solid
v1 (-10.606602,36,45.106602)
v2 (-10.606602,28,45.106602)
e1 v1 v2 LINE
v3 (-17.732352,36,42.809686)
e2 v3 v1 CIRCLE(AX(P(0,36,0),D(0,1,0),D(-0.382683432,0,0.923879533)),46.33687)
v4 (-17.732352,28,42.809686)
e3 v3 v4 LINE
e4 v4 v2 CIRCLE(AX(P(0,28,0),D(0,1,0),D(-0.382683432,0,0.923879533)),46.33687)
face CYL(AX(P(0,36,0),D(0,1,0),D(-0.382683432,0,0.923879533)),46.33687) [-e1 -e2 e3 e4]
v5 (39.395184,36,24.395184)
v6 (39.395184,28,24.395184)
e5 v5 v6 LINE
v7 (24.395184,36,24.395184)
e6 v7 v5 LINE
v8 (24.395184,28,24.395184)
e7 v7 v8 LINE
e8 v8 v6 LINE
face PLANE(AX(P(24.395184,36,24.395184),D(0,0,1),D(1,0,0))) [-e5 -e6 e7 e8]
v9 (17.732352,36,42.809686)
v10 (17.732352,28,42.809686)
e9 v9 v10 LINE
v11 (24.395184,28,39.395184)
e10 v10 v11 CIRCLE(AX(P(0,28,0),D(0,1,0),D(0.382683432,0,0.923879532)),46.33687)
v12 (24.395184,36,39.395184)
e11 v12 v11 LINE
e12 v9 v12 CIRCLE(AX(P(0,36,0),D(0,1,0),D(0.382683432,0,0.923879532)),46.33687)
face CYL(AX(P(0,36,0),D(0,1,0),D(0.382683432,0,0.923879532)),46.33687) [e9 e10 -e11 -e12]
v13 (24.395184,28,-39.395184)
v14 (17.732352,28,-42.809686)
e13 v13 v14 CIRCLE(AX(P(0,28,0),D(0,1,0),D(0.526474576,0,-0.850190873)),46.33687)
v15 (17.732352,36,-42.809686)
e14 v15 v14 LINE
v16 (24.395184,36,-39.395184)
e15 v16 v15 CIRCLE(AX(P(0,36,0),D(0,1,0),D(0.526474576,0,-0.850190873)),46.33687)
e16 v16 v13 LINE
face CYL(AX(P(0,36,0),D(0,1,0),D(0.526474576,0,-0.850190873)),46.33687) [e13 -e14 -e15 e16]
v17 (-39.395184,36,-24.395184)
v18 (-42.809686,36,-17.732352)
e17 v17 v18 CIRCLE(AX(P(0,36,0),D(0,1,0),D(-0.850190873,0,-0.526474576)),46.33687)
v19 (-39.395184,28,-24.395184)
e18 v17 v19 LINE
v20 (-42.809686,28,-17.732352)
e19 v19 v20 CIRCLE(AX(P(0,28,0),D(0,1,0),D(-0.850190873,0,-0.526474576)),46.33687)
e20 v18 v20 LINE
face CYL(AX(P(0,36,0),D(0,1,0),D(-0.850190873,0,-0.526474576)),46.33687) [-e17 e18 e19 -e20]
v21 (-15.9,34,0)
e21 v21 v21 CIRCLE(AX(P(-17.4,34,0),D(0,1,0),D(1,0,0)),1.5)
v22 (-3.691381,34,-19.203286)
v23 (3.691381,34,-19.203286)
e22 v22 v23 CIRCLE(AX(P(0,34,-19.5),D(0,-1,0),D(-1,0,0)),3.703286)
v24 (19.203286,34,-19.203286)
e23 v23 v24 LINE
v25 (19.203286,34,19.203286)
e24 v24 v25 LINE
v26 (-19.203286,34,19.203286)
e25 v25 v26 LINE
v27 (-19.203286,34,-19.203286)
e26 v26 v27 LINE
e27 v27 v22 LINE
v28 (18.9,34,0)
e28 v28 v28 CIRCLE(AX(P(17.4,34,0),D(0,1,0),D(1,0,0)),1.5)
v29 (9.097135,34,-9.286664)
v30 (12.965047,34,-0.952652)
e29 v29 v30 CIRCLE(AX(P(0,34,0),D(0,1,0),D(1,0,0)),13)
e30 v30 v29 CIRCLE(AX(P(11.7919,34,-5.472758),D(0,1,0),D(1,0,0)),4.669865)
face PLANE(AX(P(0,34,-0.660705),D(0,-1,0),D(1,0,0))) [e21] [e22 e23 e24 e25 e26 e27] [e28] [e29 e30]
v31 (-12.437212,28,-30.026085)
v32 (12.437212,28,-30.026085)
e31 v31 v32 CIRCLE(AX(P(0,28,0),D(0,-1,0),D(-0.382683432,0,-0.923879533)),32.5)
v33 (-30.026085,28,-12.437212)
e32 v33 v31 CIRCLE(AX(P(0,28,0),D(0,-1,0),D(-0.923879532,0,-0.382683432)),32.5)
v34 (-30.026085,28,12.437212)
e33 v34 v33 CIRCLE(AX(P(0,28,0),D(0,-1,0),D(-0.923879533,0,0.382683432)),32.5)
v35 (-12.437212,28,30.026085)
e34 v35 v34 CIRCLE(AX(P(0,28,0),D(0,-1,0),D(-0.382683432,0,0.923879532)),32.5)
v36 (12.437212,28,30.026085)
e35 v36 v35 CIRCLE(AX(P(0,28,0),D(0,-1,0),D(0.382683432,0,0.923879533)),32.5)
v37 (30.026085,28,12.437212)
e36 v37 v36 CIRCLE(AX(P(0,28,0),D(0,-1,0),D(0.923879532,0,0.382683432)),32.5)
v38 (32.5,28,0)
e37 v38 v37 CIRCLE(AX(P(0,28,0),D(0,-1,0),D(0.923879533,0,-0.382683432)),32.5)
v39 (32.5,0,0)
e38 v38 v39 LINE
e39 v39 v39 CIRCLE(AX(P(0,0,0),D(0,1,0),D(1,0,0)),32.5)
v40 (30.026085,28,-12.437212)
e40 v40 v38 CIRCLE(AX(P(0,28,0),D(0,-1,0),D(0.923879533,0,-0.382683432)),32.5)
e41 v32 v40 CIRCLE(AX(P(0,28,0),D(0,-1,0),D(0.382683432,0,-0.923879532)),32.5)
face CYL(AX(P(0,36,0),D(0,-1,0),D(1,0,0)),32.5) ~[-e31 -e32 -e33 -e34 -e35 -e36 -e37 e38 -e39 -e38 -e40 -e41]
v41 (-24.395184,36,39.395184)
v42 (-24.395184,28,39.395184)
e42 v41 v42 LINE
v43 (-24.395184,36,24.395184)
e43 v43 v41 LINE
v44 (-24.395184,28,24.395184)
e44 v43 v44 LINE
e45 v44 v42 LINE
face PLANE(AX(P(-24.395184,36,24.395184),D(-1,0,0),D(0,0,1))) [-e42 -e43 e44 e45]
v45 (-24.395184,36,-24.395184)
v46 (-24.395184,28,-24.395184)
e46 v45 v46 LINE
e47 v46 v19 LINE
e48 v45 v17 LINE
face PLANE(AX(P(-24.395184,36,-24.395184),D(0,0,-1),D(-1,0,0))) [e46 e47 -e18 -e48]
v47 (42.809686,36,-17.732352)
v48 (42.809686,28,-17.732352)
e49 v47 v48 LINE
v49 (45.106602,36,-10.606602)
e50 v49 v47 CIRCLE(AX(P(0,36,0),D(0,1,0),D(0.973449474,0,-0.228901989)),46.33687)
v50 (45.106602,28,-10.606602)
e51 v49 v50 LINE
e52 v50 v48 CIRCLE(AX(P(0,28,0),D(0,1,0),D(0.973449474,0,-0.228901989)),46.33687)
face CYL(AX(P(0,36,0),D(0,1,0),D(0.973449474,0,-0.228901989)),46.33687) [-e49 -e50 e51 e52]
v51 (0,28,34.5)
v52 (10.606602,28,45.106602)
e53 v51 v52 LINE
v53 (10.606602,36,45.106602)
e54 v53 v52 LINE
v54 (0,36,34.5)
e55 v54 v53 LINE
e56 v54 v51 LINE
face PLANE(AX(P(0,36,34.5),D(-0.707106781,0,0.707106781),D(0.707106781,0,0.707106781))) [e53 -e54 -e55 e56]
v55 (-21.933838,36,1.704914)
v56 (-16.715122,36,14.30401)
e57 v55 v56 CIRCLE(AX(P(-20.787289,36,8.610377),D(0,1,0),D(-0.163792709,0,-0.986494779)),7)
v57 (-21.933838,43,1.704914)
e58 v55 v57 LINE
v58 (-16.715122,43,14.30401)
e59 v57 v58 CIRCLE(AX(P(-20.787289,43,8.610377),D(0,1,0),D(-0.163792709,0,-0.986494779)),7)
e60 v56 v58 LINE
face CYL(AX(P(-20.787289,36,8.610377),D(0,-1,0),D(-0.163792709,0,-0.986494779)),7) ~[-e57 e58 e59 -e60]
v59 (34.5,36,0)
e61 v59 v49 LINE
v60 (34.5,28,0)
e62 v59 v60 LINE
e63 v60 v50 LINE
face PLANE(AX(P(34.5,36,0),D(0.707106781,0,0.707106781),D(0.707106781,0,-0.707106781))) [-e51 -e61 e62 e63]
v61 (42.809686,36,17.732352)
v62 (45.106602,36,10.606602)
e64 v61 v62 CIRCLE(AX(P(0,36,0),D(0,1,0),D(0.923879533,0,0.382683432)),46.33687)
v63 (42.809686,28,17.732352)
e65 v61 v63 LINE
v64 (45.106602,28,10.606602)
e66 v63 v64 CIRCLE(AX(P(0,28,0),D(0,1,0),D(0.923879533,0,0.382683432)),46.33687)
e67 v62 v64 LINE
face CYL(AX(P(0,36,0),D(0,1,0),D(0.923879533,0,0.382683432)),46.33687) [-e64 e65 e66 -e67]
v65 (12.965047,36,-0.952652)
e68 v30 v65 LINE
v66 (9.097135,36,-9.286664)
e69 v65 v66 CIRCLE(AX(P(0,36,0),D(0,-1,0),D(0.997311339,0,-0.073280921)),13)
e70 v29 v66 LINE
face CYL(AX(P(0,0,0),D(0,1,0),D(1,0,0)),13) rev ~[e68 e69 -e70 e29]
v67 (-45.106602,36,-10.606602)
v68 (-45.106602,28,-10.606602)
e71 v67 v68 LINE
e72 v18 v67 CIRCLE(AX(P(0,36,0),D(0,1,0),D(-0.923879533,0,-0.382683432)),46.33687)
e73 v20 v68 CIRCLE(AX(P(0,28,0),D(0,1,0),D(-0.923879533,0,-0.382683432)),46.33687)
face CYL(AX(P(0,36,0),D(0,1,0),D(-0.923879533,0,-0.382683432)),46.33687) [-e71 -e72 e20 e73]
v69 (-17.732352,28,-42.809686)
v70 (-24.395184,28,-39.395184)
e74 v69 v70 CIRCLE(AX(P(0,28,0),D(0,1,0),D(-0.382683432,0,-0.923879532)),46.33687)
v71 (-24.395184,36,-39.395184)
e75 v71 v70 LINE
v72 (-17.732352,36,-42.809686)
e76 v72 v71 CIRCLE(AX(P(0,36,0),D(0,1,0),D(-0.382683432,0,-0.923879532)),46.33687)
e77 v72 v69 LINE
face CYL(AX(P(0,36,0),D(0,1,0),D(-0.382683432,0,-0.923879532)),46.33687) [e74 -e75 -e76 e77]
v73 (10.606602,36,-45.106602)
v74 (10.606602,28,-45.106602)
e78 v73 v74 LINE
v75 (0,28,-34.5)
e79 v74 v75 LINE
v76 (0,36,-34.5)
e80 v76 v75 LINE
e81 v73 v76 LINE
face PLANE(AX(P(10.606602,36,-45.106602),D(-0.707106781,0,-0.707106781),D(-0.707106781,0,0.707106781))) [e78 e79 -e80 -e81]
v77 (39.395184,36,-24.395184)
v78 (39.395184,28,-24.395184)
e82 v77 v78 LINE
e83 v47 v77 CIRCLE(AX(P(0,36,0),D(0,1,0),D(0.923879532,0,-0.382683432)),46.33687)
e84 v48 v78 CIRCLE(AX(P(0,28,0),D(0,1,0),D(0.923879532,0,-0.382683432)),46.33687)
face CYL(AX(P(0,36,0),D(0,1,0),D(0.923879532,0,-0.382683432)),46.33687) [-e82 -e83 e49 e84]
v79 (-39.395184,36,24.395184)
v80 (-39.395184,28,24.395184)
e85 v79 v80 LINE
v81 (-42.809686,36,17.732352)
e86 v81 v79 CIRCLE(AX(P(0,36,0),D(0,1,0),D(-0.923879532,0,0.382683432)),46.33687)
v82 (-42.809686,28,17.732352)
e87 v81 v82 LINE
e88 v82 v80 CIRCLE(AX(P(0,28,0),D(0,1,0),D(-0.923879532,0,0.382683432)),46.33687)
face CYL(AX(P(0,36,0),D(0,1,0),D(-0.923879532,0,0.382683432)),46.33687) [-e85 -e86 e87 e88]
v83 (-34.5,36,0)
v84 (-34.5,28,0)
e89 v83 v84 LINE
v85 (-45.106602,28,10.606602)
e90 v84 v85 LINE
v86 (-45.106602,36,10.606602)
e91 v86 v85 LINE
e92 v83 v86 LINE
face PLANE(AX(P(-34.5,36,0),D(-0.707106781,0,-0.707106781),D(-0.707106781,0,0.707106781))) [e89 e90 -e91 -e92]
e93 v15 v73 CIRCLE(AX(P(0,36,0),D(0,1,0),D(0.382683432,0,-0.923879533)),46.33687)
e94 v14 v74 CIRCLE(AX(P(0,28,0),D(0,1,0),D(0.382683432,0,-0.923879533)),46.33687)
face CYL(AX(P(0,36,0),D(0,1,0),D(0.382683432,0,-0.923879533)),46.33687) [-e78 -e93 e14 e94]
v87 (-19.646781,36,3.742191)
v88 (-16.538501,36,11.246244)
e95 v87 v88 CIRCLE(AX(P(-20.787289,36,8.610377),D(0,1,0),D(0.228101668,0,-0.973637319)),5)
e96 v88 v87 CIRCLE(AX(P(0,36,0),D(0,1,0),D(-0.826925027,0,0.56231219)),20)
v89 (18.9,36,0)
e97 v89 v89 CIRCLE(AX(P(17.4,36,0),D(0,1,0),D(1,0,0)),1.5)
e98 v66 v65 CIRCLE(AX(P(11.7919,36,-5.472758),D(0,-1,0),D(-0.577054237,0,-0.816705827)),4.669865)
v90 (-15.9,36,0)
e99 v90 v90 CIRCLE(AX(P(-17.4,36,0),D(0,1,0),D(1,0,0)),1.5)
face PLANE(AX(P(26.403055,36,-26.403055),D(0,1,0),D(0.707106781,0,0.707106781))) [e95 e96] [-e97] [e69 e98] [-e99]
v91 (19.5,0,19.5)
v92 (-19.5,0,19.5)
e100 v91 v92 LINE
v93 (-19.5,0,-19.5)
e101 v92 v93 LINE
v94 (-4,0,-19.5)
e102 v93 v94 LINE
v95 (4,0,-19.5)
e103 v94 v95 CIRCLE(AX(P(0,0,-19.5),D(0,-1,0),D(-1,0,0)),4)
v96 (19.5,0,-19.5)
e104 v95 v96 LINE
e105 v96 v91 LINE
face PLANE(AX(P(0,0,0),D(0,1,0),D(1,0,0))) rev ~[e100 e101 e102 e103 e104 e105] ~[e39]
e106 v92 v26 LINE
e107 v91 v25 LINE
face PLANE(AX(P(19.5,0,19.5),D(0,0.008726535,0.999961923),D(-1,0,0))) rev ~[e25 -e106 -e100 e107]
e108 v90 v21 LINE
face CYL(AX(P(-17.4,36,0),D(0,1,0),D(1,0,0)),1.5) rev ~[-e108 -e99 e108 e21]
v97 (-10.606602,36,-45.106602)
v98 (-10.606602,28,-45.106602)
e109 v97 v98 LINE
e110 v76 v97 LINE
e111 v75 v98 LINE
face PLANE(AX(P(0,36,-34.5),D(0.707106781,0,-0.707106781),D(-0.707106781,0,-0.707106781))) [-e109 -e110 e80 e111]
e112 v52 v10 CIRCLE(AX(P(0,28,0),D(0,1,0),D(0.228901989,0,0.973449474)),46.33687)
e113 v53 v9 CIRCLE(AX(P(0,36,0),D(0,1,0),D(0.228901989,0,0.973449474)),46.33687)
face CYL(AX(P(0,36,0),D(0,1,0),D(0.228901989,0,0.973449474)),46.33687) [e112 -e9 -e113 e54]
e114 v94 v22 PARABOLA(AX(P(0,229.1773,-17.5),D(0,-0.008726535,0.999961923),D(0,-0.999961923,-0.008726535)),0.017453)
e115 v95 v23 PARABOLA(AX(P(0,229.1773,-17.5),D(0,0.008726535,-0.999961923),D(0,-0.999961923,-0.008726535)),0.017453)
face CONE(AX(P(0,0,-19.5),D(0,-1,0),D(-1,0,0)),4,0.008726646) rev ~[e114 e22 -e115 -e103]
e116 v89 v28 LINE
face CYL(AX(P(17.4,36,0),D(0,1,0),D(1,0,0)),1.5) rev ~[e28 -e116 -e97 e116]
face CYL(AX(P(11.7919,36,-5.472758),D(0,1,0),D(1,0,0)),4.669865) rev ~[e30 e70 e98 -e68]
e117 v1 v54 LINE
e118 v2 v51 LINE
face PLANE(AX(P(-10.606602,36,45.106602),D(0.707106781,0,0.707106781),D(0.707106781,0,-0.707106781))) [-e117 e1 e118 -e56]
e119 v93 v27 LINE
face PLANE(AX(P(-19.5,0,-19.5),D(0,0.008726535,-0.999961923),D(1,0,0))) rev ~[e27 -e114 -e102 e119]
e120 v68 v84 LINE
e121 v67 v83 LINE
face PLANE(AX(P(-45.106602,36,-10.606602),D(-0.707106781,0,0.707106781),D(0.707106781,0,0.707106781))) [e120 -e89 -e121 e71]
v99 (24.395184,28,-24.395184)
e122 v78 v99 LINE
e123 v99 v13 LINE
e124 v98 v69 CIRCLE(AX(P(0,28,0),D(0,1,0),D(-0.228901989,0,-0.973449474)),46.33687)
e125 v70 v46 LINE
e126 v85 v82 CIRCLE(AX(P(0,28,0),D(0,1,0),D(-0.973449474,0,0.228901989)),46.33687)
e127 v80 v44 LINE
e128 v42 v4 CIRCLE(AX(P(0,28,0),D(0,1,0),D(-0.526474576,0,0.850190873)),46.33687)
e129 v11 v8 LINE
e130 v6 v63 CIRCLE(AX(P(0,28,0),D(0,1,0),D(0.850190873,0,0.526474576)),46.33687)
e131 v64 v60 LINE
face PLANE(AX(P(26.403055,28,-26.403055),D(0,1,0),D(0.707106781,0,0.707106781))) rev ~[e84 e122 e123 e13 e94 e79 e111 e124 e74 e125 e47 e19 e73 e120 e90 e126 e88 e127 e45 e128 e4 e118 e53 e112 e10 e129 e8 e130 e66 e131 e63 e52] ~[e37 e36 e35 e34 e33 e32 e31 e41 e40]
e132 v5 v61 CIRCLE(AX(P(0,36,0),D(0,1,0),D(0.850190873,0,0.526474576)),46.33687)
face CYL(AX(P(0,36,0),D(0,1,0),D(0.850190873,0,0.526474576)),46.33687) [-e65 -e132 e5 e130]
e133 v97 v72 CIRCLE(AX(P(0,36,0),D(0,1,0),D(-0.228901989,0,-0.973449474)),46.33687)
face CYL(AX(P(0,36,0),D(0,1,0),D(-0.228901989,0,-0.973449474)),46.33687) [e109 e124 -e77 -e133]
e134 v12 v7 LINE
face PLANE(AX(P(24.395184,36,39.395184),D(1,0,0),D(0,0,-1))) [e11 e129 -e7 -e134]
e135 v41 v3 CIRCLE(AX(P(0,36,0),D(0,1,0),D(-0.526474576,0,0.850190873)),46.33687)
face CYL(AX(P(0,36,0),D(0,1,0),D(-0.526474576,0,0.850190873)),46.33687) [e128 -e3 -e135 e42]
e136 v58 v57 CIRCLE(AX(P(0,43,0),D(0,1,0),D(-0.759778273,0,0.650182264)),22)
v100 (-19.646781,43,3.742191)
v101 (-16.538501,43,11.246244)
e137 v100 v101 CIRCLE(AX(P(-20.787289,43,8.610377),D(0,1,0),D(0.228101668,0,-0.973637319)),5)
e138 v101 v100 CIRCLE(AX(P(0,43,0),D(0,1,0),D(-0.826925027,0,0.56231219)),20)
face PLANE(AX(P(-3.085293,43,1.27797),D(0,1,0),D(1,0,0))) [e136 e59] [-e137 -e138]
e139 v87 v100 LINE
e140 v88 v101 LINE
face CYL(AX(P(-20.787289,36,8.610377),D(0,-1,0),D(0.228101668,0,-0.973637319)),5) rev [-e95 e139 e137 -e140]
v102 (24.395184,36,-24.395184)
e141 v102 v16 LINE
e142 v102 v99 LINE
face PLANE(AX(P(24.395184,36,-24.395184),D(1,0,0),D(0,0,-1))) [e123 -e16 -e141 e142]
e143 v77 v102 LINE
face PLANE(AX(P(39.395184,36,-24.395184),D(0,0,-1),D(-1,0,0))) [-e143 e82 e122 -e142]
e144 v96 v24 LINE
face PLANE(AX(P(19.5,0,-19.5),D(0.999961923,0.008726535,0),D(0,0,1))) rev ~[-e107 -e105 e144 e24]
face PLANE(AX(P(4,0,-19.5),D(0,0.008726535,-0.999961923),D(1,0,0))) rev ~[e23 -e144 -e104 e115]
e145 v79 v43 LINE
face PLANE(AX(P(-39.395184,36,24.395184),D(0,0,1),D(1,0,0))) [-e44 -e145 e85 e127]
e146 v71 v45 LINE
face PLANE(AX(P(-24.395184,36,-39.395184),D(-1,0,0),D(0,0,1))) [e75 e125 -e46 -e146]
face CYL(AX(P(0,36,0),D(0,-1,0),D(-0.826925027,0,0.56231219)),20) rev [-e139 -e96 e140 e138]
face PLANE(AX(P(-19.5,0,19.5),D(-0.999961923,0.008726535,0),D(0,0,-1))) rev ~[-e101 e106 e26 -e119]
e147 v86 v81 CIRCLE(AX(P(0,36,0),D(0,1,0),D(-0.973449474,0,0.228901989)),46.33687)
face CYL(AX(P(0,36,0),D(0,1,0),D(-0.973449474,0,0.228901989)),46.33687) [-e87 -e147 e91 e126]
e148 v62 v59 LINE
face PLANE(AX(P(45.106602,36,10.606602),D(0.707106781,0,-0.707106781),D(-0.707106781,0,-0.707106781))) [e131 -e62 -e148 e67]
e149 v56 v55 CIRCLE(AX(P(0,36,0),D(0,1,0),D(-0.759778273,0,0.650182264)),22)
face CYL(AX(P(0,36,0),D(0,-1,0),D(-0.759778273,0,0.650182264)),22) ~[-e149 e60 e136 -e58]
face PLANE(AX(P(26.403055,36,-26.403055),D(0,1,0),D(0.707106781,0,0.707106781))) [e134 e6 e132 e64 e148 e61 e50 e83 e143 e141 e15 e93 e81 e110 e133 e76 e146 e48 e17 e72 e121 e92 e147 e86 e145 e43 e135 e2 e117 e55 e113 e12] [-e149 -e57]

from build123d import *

# Parameters (mm, degrees)
SKETCH3_R           = 1.5
CUT_EXTRUDE1_DEPTH  = 20
BOSS_EXTRUDE2_START = 36
BOSS_EXTRUDE2_DEPTH = 8
CIRPATTERN1_COUNT   = 8
SKETCH5_R           = 4.669864721
CUT_EXTRUDE2_DEPTH  = 37
CUT_EXTRUDE4_DEPTH  = 34
CUT_EXTRUDE4_DRAFT  = -0.5
BOSS_EXTRUDE3_DEPTH = 7


with BuildPart() as part:
    # Sketch2 → Revolve1 (revolve)
    with BuildSketch(Plane.XY):
        Polygon((13, 0), (13, 36), (22.5, 36), (32.5, 36), (32.5, 0), align=None)
    revolve(axis=Axis((0, 0, 0), (0, 1, 0)))

    # Sketch3 → Cut-Extrude1 (cut)
    with BuildSketch(Plane(origin=(0, 36, 0), x_dir=(1, 0, 0), z_dir=(0, 1, 0))):
        with Locations((-17.4, 0)):
            Circle(SKETCH3_R)
        with Locations((17.4, 0)):
            Circle(SKETCH3_R)
    extrude(amount=-CUT_EXTRUDE1_DEPTH, mode=Mode.SUBTRACT)

    # Sketch4 → Boss-Extrude2 (add)
    with BuildSketch(Plane(origin=(0, 0, 0), x_dir=(1, 0, 0), z_dir=(0, 1, 0)).offset(BOSS_EXTRUDE2_START)):
        with BuildLine():
            Line((0, 34.5), (-10.606601718, 45.106601718))
            ThreePointArc((-10.606601718, 45.106601718), (-14.215943039, 44.102295655), (-17.732352445, 42.809685765))
            Line((-17.732352445, 42.809685765), (-12.437211552, 30.026084807))
            ThreePointArc((-12.437211552, 30.026084807), (0, 32.5), (12.437211552, 30.026084807))
            Line((12.437211552, 30.026084807), (17.732352445, 42.809685765))
            ThreePointArc((17.732352445, 42.809685765), (14.215943039, 44.102295655), (10.606601718, 45.106601718))
            Line((10.606601718, 45.106601718), (0, 34.5))
        make_face()
    boss_extrude2 = extrude(amount=-BOSS_EXTRUDE2_DEPTH)

    # CirPattern1: Boss-Extrude2 ×8 about axis
    cirpattern1_axis = Axis((0, 0, 0), (0, 1, 0))
    for i in range(1, CIRPATTERN1_COUNT):
        add(boss_extrude2.rotate(cirpattern1_axis, i * 360 / CIRPATTERN1_COUNT))

    # Sketch5 → Cut-Extrude2 (cut, through all)
    with BuildSketch(Plane(origin=(0, 36, 0), x_dir=(1, 0, 0), z_dir=(0, 1, 0))):
        with Locations((11.791900395, 5.472758453)):
            Circle(SKETCH5_R)
    extrude(amount=-CUT_EXTRUDE2_DEPTH, mode=Mode.SUBTRACT)


with BuildPart() as cut_extrude4_tool:
    # Sketch8 → Cut-Extrude4 (with draft: the straight prism first)
    with BuildSketch(Plane.XZ):
        with BuildLine():
            Line((-19.5, 19.5), (-19.5, -19.5))
            Line((-19.5, -19.5), (-4, -19.5))
            ThreePointArc((-4, -19.5), (0, -23.5), (4, -19.5))
            Line((4, -19.5), (19.5, -19.5))
            Line((19.5, -19.5), (19.5, 19.5))
            Line((19.5, 19.5), (-19.5, 19.5))
        make_face()
    extrude(amount=-CUT_EXTRUDE4_DEPTH)
    # Cut-Extrude4: the draft: its side faces are tilted about the plane it starts from
    cut_extrude4_sides = [cut_extrude4_tool.faces().sort_by_distance(p)[0] for p in [
        (-19.5, 17, 0),
        (-11.75, 17, -19.5),
        (0, 17, -23.5),
        (11.75, 17, -19.5),
        (19.5, 17, 0),
        (0, 17, 19.5),
    ]]
    draft(cut_extrude4_sides, Plane.XZ, CUT_EXTRUDE4_DRAFT)


with BuildPart() as part_1:
    add(part.part)

    # Cut-Extrude4: cut by cut_extrude4_tool
    add(cut_extrude4_tool.part, mode=Mode.SUBTRACT)

    # Sketch9 → Boss-Extrude3 (add)
    with BuildSketch(Plane(origin=(0, 36, 0), x_dir=(1, 0, 0), z_dir=(0, 1, 0))):
        with BuildLine():
            ThreePointArc((-16.715121997, -14.30400981), (20.325349715, 8.419035512), (-21.933838447, -1.704913777))
            ThreePointArc((-21.933838447, -1.704913777), (-27.254446209, -11.289161255), (-16.715121997, -14.30400981))
        make_face()
        with BuildLine():
            ThreePointArc((-19.646781143, -3.742190633), (-25.406687144, -10.52379439), (-16.538500547, -11.246243802))
            ThreePointArc((-16.538500547, -11.246243802), (18.47759065, 7.653668647), (-19.646781143, -3.742190633))
        make_face(mode=Mode.SUBTRACT)
    extrude(amount=BOSS_EXTRUDE3_DEPTH)


solid = part_1.part
